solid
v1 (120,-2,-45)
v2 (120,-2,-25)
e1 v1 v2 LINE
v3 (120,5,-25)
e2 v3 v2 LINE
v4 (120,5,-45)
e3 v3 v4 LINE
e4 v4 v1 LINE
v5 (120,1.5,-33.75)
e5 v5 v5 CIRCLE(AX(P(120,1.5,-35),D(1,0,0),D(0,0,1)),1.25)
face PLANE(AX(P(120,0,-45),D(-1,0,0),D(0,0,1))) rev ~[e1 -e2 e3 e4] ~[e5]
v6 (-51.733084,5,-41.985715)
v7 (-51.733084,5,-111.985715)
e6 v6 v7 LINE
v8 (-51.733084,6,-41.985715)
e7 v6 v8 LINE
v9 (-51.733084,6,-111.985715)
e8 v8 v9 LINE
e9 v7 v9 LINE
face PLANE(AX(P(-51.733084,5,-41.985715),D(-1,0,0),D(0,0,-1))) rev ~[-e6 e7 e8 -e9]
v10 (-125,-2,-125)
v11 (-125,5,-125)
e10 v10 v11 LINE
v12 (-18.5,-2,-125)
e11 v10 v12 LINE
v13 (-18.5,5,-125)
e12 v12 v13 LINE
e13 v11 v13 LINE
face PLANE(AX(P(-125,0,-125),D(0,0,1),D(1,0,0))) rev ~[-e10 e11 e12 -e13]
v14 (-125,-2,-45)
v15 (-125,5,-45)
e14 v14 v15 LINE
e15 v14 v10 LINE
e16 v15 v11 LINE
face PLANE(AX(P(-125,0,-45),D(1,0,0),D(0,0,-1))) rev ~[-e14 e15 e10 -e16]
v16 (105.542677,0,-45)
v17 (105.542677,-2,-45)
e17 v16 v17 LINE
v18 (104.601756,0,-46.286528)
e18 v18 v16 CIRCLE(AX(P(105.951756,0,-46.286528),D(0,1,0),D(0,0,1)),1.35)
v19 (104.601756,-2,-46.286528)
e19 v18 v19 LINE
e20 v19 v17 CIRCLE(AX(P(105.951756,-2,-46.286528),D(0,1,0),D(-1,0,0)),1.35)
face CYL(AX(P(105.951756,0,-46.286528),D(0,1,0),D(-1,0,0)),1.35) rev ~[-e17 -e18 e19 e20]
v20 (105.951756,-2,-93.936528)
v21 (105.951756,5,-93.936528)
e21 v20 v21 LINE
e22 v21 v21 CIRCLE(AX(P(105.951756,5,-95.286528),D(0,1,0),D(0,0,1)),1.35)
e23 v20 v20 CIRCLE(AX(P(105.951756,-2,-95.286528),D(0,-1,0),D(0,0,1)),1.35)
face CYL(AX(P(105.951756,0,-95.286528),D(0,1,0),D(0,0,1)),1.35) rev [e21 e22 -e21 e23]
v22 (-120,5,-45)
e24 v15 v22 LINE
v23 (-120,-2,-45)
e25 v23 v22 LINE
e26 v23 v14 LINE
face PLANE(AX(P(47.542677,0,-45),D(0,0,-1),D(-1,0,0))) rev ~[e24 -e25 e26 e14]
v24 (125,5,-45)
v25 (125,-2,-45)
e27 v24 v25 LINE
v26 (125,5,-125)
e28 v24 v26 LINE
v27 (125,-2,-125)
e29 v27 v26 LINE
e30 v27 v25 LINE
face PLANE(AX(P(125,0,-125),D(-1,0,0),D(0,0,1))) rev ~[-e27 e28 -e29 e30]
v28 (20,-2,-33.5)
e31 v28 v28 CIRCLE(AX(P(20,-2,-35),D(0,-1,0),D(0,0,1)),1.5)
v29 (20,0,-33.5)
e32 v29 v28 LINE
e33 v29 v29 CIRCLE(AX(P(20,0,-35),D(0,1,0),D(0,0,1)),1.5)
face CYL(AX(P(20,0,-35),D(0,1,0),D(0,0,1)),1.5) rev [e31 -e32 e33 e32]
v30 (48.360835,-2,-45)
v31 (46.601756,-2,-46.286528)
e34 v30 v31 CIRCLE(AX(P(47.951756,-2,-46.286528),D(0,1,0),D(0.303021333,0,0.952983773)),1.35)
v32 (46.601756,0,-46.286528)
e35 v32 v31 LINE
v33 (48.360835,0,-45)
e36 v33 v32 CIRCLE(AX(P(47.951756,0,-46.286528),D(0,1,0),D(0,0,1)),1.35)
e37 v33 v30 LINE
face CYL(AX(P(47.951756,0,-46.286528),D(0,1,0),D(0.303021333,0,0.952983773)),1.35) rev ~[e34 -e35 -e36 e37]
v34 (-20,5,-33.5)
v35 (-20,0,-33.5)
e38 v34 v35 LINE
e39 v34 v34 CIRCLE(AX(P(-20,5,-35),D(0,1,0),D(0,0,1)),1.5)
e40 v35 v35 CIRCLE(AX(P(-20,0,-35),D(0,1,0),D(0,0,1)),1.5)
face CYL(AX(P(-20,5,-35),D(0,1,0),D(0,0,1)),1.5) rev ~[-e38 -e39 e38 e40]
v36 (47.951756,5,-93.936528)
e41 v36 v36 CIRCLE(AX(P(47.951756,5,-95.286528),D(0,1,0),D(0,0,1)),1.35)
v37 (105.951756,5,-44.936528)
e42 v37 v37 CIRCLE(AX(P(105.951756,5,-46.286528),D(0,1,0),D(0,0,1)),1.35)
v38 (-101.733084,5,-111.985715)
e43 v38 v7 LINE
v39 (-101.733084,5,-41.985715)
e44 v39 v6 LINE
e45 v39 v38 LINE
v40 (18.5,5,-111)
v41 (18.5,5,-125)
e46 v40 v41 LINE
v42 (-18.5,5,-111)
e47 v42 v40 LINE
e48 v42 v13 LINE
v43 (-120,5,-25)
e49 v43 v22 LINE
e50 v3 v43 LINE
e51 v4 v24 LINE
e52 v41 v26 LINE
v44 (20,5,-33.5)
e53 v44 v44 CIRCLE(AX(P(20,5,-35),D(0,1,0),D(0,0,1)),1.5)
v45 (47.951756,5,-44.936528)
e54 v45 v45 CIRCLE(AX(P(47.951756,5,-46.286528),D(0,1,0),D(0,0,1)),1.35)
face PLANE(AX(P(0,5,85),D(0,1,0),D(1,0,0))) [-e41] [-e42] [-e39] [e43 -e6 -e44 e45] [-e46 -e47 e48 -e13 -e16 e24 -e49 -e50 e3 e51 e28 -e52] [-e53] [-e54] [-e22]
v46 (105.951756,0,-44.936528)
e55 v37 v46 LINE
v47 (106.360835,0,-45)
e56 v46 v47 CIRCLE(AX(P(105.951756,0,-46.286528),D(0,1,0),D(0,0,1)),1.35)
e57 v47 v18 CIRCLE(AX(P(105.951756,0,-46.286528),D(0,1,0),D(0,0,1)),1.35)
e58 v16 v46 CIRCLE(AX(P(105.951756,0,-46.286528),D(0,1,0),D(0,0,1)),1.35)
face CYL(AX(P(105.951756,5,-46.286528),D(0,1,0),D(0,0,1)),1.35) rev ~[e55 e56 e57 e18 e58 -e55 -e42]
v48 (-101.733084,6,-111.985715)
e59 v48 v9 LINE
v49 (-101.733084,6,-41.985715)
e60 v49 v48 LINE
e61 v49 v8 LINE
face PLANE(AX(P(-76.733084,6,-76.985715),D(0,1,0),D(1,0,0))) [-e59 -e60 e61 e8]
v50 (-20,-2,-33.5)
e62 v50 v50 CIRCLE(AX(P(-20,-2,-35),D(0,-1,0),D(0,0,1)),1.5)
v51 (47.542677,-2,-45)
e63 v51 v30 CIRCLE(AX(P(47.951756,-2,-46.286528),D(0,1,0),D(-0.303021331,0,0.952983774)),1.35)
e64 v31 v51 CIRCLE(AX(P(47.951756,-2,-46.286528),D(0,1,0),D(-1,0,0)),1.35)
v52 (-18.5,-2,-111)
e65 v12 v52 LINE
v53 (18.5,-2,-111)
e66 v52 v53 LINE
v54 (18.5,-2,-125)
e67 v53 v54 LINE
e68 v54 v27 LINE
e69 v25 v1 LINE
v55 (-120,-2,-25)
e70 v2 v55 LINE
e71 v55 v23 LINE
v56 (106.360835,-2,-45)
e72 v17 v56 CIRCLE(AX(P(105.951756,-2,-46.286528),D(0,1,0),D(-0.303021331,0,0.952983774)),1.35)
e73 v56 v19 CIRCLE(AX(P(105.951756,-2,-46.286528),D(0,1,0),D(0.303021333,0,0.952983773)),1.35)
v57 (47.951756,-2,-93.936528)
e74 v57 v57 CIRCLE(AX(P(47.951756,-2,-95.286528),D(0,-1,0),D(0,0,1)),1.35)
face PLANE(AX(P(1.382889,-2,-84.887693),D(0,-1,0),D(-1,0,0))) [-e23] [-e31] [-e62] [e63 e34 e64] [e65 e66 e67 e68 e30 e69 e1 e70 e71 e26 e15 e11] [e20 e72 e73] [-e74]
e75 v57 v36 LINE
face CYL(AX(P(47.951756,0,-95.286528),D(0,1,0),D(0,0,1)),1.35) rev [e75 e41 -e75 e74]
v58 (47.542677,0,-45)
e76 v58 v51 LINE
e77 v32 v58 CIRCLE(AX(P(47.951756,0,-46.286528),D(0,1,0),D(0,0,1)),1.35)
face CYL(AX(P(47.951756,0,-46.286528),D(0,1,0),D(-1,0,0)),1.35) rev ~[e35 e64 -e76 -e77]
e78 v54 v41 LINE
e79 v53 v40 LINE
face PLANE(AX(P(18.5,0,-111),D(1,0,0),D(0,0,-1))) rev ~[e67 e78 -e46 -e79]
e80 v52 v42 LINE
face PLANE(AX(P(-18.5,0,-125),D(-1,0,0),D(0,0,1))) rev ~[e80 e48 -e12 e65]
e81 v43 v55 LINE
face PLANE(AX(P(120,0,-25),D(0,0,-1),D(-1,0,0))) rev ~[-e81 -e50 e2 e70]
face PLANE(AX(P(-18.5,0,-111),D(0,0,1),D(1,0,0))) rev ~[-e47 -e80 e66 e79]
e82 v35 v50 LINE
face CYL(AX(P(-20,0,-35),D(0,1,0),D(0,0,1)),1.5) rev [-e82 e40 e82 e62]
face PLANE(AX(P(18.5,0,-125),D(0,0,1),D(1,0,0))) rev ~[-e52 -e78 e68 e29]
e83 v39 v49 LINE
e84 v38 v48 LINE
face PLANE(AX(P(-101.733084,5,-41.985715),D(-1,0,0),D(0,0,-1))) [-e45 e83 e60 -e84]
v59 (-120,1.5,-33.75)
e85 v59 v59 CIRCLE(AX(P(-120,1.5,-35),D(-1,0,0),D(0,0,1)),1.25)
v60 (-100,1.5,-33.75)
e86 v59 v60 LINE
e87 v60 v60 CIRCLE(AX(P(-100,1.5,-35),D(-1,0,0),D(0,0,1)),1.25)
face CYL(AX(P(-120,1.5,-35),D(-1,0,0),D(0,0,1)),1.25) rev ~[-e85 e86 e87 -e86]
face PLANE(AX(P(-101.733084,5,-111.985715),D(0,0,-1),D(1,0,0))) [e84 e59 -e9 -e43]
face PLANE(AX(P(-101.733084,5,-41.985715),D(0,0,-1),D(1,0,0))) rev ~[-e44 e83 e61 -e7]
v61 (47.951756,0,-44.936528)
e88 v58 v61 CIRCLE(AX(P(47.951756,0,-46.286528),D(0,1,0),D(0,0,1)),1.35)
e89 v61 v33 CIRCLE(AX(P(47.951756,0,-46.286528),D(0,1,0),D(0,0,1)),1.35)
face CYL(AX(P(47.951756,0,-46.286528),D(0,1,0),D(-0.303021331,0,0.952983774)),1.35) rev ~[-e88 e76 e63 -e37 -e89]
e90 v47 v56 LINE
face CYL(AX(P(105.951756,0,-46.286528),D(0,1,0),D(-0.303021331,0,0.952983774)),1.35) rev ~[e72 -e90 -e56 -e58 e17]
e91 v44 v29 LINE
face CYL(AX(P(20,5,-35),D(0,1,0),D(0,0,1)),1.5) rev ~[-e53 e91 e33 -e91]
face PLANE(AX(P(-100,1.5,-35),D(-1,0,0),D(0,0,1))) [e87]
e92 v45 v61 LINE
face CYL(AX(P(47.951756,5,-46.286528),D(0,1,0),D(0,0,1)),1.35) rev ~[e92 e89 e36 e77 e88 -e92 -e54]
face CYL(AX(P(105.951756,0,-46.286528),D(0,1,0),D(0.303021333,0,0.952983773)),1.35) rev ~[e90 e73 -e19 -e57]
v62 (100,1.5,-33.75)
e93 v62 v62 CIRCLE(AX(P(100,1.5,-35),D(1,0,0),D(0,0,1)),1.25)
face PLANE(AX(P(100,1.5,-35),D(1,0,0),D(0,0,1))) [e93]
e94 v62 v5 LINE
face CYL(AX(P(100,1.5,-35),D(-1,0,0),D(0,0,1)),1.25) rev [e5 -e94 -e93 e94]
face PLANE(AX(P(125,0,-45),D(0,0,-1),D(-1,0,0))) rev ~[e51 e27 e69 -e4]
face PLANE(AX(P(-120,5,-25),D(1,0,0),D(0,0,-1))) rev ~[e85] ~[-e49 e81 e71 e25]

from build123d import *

# Parameters (mm, degrees)
SKIZZE1_W                             = 250
SKIZZE1_H                             = 250
AUFSATZ_LINEAR_AUSTRAGEN1_DEPTH       = 5
SKIZZE2_W                             = 40
SKIZZE2_H                             = 40
AUFSATZ_LINEAR_AUSTRAGEN2_DEPTH       = 15
SKIZZE3_R                             = 1.65
SKIZZE3_W                             = 30
SKIZZE3_H                             = 30
SCHNITT_LINEAR_AUSTRAGEN1_DEPTH       = 15
SKIZZE4_R                             = 1.65
SKIZZE4_W                             = 30
SKIZZE4_H                             = 30
SCHNITT_LINEAR_AUSTRAGEN2_DEPTH       = 15
SKIZZE6_W                             = 40
SKIZZE6_H                             = 40
AUFSATZ_LINEAR_AUSTRAGEN3_DEPTH       = 5
SKIZZE7_W                             = 40
SKIZZE7_H                             = 40
SCHNITT_LINEAR_AUSTRAGEN3_DEPTH       = 43
SKIZZE8_W                             = 30
SKIZZE8_H                             = 30
AUFSATZ_LINEAR_AUSTRAGEN4_DEPTH       = 5
SKIZZE9_W                             = 45
SKIZZE9_H                             = 45
AUFSATZ_LINEAR_AUSTRAGEN5_DEPTH       = 15
SKIZZE10_W                            = 8
SKIZZE10_H                            = 8
AUFSATZ_LINEAR_AUSTRAGEN6_DEPTH       = 34
SKIZZE11_R                            = 2.15
SCHNITT_LINEAR_AUSTRAGEN4_DEPTH       = 34
SKIZZE12_W                            = 143.062860871
SKIZZE12_H                            = 184.486429343
SCHNITT_LINEAR_AUSTRAGEN5_DEPTH       = 60
SKIZZE13_W                            = 45
SKIZZE13_H                            = 45
AUFSATZ_LINEAR_AUSTRAGEN7_DEPTH       = 15
SKIZZE14_W                            = 8
SKIZZE14_H                            = 8
AUFSATZ_LINEAR_AUSTRAGEN8_DEPTH       = 34
SKIZZE15_W                            = 37
SKIZZE15_H                            = 14
SCHNITT_LINEAR_AUSTRAGEN6_DEPTH       = 10
SKIZZE16_W                            = 50
SKIZZE16_H                            = 70
AUFSATZ_LINEAR_AUSTRAGEN9_DEPTH       = 1
SKIZZE17_R                            = 1.35
SCHNITT_LINEAR_AUSTRAGEN7_DEPTH       = 21
SKIZZE18_R                            = 2.15
SCHNITT_LINEAR_AUSTRAGEN8_DEPTH       = 21
SKIZZE19_R                            = 2.15
SCHNITT_LINEAR_AUSTRAGEN9_DEPTH       = 21
SCHNITT_LINEAR_AUSTRAGEN10_DEPTH      = 35
SCHNITT_LINEAR_AUSTRAGEN10_DEPTH_BACK = 36
SKIZZE20_W                            = 250
SKIZZE20_H                            = 150
SKIZZE21_W                            = 5
SKIZZE21_H                            = 20
SCHNITT_LINEAR_AUSTRAGEN11_DEPTH      = 10
SKIZZE22_R                            = 1.25
SCHNITT_LINEAR_AUSTRAGEN13_DEPTH      = 20
SCHNITT_LINEAR_START                  = -20
SKIZZE25_R                            = 1.25
SCHNITT_LINEAR_AUSTRAGEN14_DEPTH      = 20
SKIZZE26_R                            = 1.5
SCHNITT_LINEAR_AUSTRAGEN15_DEPTH      = 10
SKIZZE28_R                            = 1.35
SKIZZE28_R_2                          = 1.5
AUFSATZ_LINEAR_AUSTRAGEN10_DEPTH      = 2


with BuildPart() as part:
    # Skizze1 → Aufsatz-Linear austragen1 (new body)
    with BuildSketch(Plane(origin=(0, 0, 0), x_dir=(1, 0, 0), z_dir=(0, 1, 0))):
        Rectangle(SKIZZE1_W, SKIZZE1_H)
    extrude(amount=AUFSATZ_LINEAR_AUSTRAGEN1_DEPTH)

    # Skizze2 → Aufsatz-Linear austragen2 (add)
    with BuildSketch(Plane(origin=(0, 5, 0), x_dir=(1, 0, 0), z_dir=(0, 1, 0))):
        Polygon((-100.127507589, -114.480956566), (-112.127507589, -114.480956566), (-112.127507589, -92.480956566), (-120.127507589, -92.480956566), (-120.127507589, -122.480956566), (-100.127507589, -122.480956566), align=None)
        Polygon((-66.127507589, -114.480956566), (-78.127507589, -114.480956566), (-78.127507589, -122.480956566), (-58.127507589, -122.480956566), (-58.127507589, -92.480956566), (-66.127507589, -92.480956566), align=None)
        Polygon((-66.127507589, -3.480956566), (-66.127507589, -25.480956566), (-58.127507589, -25.480956566), (-58.127507589, 4.519043434), (-78.127507589, 4.519043434), (-78.127507589, -3.480956566), align=None)
        Polygon((-120.127507589, -25.480956566), (-112.127507589, -25.480956566), (-112.127507589, -3.480956566), (-100.127507589, -3.480956566), (-100.127507589, 4.519043434), (-120.127507589, 4.519043434), align=None)
        with Locations((0, -85)):
            Rectangle(SKIZZE2_W, SKIZZE2_H)
        with Locations((85, 0)):
            Rectangle(SKIZZE2_W, SKIZZE2_H)
    extrude(amount=AUFSATZ_LINEAR_AUSTRAGEN2_DEPTH)

    # Skizze3 → Schnitt-Linear austragen1 (cut)
    with BuildSketch(Plane(origin=(0, 20, 0), x_dir=(1, 0, 0), z_dir=(0, 1, 0))):
        Circle(SKIZZE3_R)
        with Locations((85, 0)):
            Rectangle(SKIZZE3_W, SKIZZE3_H)
        with Locations((0, -85)):
            Rectangle(SKIZZE3_W, SKIZZE3_H)
    extrude(amount=-SCHNITT_LINEAR_AUSTRAGEN1_DEPTH, mode=Mode.SUBTRACT)

    # Skizze4 → Schnitt-Linear austragen2 (cut)
    with BuildSketch(Plane(origin=(0, 5, 0), x_dir=(1, 0, 0), z_dir=(0, 1, 0))):
        with Locations(Location((0, 0, 0), (0, 0, 270))):
            Circle(SKIZZE4_R)
        with Locations((0, -85)):
            Rectangle(SKIZZE4_W, SKIZZE4_H)
        with Locations((85, 0)):
            Rectangle(SKIZZE4_W, SKIZZE4_H)
    extrude(amount=-SCHNITT_LINEAR_AUSTRAGEN2_DEPTH, mode=Mode.SUBTRACT)

    # Skizze6 → Aufsatz-Linear austragen3 (add)
    with BuildSketch(Plane(origin=(0, 20, 0), x_dir=(1, 0, 0), z_dir=(0, 1, 0))):
        with Locations((0, -85)):
            Rectangle(SKIZZE6_W, SKIZZE6_H)
        with Locations((85, 0)):
            Rectangle(SKIZZE6_W, SKIZZE6_H)
    extrude(amount=-AUFSATZ_LINEAR_AUSTRAGEN3_DEPTH)

    # Skizze7 → Schnitt-Linear austragen3 (cut)
    with BuildSketch(Plane(origin=(0, 5, 0), x_dir=(1, 0, 0), z_dir=(0, 1, 0))):
        with Locations((0, -85)):
            Rectangle(SKIZZE7_W, SKIZZE7_H)
        with Locations((85, 0)):
            Rectangle(SKIZZE7_W, SKIZZE7_H)
    extrude(amount=SCHNITT_LINEAR_AUSTRAGEN3_DEPTH, mode=Mode.SUBTRACT)

    # Skizze8 → Aufsatz-Linear austragen4 (add)
    with BuildSketch(Plane(origin=(0, 5, 0), x_dir=(1, 0, 0), z_dir=(0, 1, 0))):
        with Locations((0, -85)):
            Rectangle(SKIZZE8_W, SKIZZE8_H)
        with Locations((85, 0)):
            Rectangle(SKIZZE8_W, SKIZZE8_H)
    extrude(amount=-AUFSATZ_LINEAR_AUSTRAGEN4_DEPTH)

    # Skizze9 → Aufsatz-Linear austragen5 (add)
    with BuildSketch(Plane(origin=(0, 5, 0), x_dir=(1, 0, 0), z_dir=(0, 1, 0))):
        with Locations((16.5, -93.5)):
            Rectangle(SKIZZE9_W, SKIZZE9_H)
        with Locations((93.5, -16.5)):
            Rectangle(SKIZZE9_W, SKIZZE9_H)
    extrude(amount=AUFSATZ_LINEAR_AUSTRAGEN5_DEPTH)

    # Skizze10 → Aufsatz-Linear austragen6 (add)
    with BuildSketch(Plane(origin=(0, 5, 0), x_dir=(1, 0, 0), z_dir=(0, 1, 0))):
        with Locations((-10, -89)):
            Rectangle(SKIZZE10_W, SKIZZE10_H)
        with Locations((43, -89)):
            Rectangle(SKIZZE10_W, SKIZZE10_H)
        with Locations((89, 10)):
            Rectangle(SKIZZE10_W, SKIZZE10_H)
        with Locations((89, -43)):
            Rectangle(SKIZZE10_W, SKIZZE10_H)
    extrude(amount=AUFSATZ_LINEAR_AUSTRAGEN6_DEPTH)

    # Skizze11 → Schnitt-Linear austragen4 (cut)
    with BuildSketch(Plane(origin=(0, 0, 85), x_dir=(-1, 0, 0), z_dir=(0, 0, -1))):
        with Locations((10.85, 34.05)):
            Circle(SKIZZE11_R)
        with Locations((10.85, 24.35)):
            Circle(SKIZZE11_R)
        with Locations((-43.85, 34.05)):
            Circle(SKIZZE11_R)
        with Locations((-43.85, 24.35)):
            Circle(SKIZZE11_R)
    extrude(amount=-SCHNITT_LINEAR_AUSTRAGEN4_DEPTH, mode=Mode.SUBTRACT)

    # Skizze12 → Schnitt-Linear austragen5 (cut)
    with BuildSketch(Plane(origin=(0, 5, 0), x_dir=(1, 0, 0), z_dir=(0, 1, 0))):
        with Locations((48.924998025, -26.491593456)):
            Rectangle(SKIZZE12_W, SKIZZE12_H)
    extrude(amount=SCHNITT_LINEAR_AUSTRAGEN5_DEPTH, mode=Mode.SUBTRACT)

    # Skizze13 → Aufsatz-Linear austragen7 (add)
    with BuildSketch(Plane(origin=(0, 5, 0), x_dir=(1, 0, 0), z_dir=(0, 1, 0))):
        with Locations((16.5, -96.5)):
            Rectangle(SKIZZE13_W, SKIZZE13_H)
        with Locations((96.5, -16.5)):
            Rectangle(SKIZZE13_W, SKIZZE13_H)
    extrude(amount=AUFSATZ_LINEAR_AUSTRAGEN7_DEPTH)

    # Skizze14 → Aufsatz-Linear austragen8 (add)
    with BuildSketch(Plane(origin=(0, 5, 0), x_dir=(1, 0, 0), z_dir=(0, 1, 0))):
        with Locations((-10, -91)):
            Rectangle(SKIZZE14_W, SKIZZE14_H)
        with Locations((43, -91)):
            Rectangle(SKIZZE14_W, SKIZZE14_H)
        with Locations((91, -43)):
            Rectangle(SKIZZE14_W, SKIZZE14_H)
        with Locations((91, 10)):
            Rectangle(SKIZZE14_W, SKIZZE14_H)
    extrude(amount=AUFSATZ_LINEAR_AUSTRAGEN8_DEPTH)

    # Skizze15 → Schnitt-Linear austragen6 (cut)
    with BuildSketch(Plane(origin=(0, 5, 0), x_dir=(1, 0, 0), z_dir=(0, 1, 0))):
        with Locations((0, 118)):
            Rectangle(SKIZZE15_W, SKIZZE15_H)
    extrude(amount=-SCHNITT_LINEAR_AUSTRAGEN6_DEPTH, mode=Mode.SUBTRACT)

    # Skizze16 → Aufsatz-Linear austragen9 (add)
    with BuildSketch(Plane(origin=(0, 5, 0), x_dir=(1, 0, 0), z_dir=(0, 1, 0))):
        with Locations((-76.733084372, 76.985715353)):
            Rectangle(SKIZZE16_W, SKIZZE16_H)
    extrude(amount=AUFSATZ_LINEAR_AUSTRAGEN9_DEPTH)

    # Skizze17 → Schnitt-Linear austragen7 (cut)
    with BuildSketch(Plane(origin=(0, 5, 0), x_dir=(1, 0, 0), z_dir=(0, 1, 0))):
        with Locations(Location((105.951755746, 46.286528094, 0), (0, 0, 270))):
            Circle(SKIZZE17_R)
        with Locations(Location((105.951755746, 95.286528094, 0), (0, 0, 270))):
            Circle(SKIZZE17_R)
        with Locations(Location((47.951755746, 46.286528094, 0), (0, 0, 270))):
            Circle(SKIZZE17_R)
        with Locations(Location((47.951755746, 95.286528094, 0), (0, 0, 270))):
            Circle(SKIZZE17_R)
    extrude(amount=-SCHNITT_LINEAR_AUSTRAGEN7_DEPTH, mode=Mode.SUBTRACT)

    # Skizze18 → Schnitt-Linear austragen8 (cut)
    with BuildSketch(Plane(origin=(0, 0, 87), x_dir=(-1, 0, 0), z_dir=(0, 0, -1))):
        with Locations((10.85, 34.05)):
            Circle(SKIZZE18_R)
        with Locations((10.85, 24.35)):
            Circle(SKIZZE18_R)
        with Locations((-43.85, 34.05)):
            Circle(SKIZZE18_R)
        with Locations((-43.85, 24.35)):
            Circle(SKIZZE18_R)
    extrude(amount=-SCHNITT_LINEAR_AUSTRAGEN8_DEPTH, mode=Mode.SUBTRACT)

    # Skizze19 → Schnitt-Linear austragen9 (cut)
    with BuildSketch(Plane.ZY.offset(-87)):
        with Locations((43.85, 34.05)):
            Circle(SKIZZE19_R)
        with Locations((43.85, 24.35)):
            Circle(SKIZZE19_R)
        with Locations((-10.85, 34.05)):
            Circle(SKIZZE19_R)
        with Locations((-10.85, 24.35)):
            Circle(SKIZZE19_R)
    extrude(amount=-SCHNITT_LINEAR_AUSTRAGEN9_DEPTH, mode=Mode.SUBTRACT)

    # Skizze20 → Schnitt-Linear austragen10 (cut, two sides: drawn at the far end of the back side and taken through both)
    with BuildSketch(Plane(origin=(0, 5, 0), x_dir=(1, 0, 0), z_dir=(0, 1, 0)).offset(-SCHNITT_LINEAR_AUSTRAGEN10_DEPTH_BACK)):
        with Locations((0, -50)):
            Rectangle(SKIZZE20_W, SKIZZE20_H)
    extrude(amount=SCHNITT_LINEAR_AUSTRAGEN10_DEPTH + SCHNITT_LINEAR_AUSTRAGEN10_DEPTH_BACK, mode=Mode.SUBTRACT)

    # Skizze21 → Schnitt-Linear austragen11 (cut)
    with BuildSketch(Plane(origin=(0, 5, 0), x_dir=(1, 0, 0), z_dir=(0, 1, 0))):
        with Locations((122.5, 35)):
            Rectangle(SKIZZE21_W, SKIZZE21_H)
        with Locations((-122.5, 35)):
            Rectangle(SKIZZE21_W, SKIZZE21_H)
    extrude(amount=-SCHNITT_LINEAR_AUSTRAGEN11_DEPTH, mode=Mode.SUBTRACT)

    # Skizze22 → Schnitt-Linear austragen13 (cut)
    with BuildSketch(Plane.ZY.offset(120)):
        with Locations((-35, 1.5)):
            Circle(SKIZZE22_R)
    extrude(amount=-SCHNITT_LINEAR_AUSTRAGEN13_DEPTH, mode=Mode.SUBTRACT)

    # Skizze25 → Schnitt-Linear austragen14 (cut)
    with BuildSketch(Plane(origin=(120, 0, 0), x_dir=(0, 0, -1), z_dir=(1, 0, 0)).offset(SCHNITT_LINEAR_START)):
        with Locations(Location((35, 1.5, 0), (0, 0, 180))):
            Circle(SKIZZE25_R)
    extrude(amount=SCHNITT_LINEAR_AUSTRAGEN14_DEPTH, mode=Mode.SUBTRACT)

    # Skizze26 → Schnitt-Linear austragen15 (cut)
    with BuildSketch(Plane(origin=(0, 5, 0), x_dir=(1, 0, 0), z_dir=(0, 1, 0))):
        with Locations(Location((-20, 35, 0), (0, 0, 270))):
            Circle(SKIZZE26_R)
        with Locations(Location((20, 35, 0), (0, 0, 270))):
            Circle(SKIZZE26_R)
    extrude(amount=-SCHNITT_LINEAR_AUSTRAGEN15_DEPTH, mode=Mode.SUBTRACT)

    # Skizze28 → Aufsatz-Linear austragen10 (add)
    # profile 1 of 2: a face of its own
    with BuildSketch(Plane(origin=(0, 0, 0), x_dir=(-1, 0, 0), z_dir=(0, -1, 0))):
        with BuildLine():
            Line((-125, 125), (-125, 45))
            Line((-125, 45), (-120, 45))
            Line((-120, 45), (-106.360834546, 45))
            ThreePointArc((-106.360834546, 45), (-106.748701045, 47.376196938), (-104.601755746, 46.286528094))
            ThreePointArc((-104.601755746, 46.286528094), (-104.862086902, 45.489582794), (-105.542676946, 45))
            Line((-105.542676946, 45), (-48.360834546, 45))
            ThreePointArc((-48.360834546, 45), (-48.748701045, 47.376196938), (-46.601755746, 46.286528094))
            ThreePointArc((-46.601755746, 46.286528094), (-46.862086902, 45.489582794), (-47.542676946, 45))
            Line((-47.542676946, 45), (120, 45))
            Line((120, 45), (125, 45))
            Line((125, 45), (125, 125))
            Line((125, 125), (18.5, 125))
            Line((18.5, 125), (18.5, 111))
            Line((18.5, 111), (-18.5, 111))
            Line((-18.5, 111), (-18.5, 125))
            Line((-18.5, 125), (-125, 125))
        make_face()
        with Locations(Location((-105.951755746, 95.286528094, 0), (0, 0, 270))):
            Circle(SKIZZE28_R, mode=Mode.SUBTRACT)
        with Locations(Location((-47.951755746, 95.286528094, 0), (0, 0, 270))):
            Circle(SKIZZE28_R, mode=Mode.SUBTRACT)
    # profile 2 of 2: a face of its own
    with BuildSketch(Plane(origin=(0, 0, 0), x_dir=(-1, 0, 0), z_dir=(0, -1, 0))):
        with BuildLine():
            Line((-106.360834546, 45), (-120, 45))
            Line((-120, 45), (-120, 25))
            Line((-120, 25), (120, 25))
            Line((120, 25), (120, 45))
            Line((120, 45), (-47.542676946, 45))
            ThreePointArc((-47.542676946, 45), (-47.951755746, 44.936528094), (-48.360834546, 45))
            Line((-48.360834546, 45), (-105.542676946, 45))
            ThreePointArc((-105.542676946, 45), (-105.951755746, 44.936528094), (-106.360834546, 45))
        make_face()
        with Locations(Location((-20, 35, 0), (0, 0, 270))):
            Circle(SKIZZE28_R_2, mode=Mode.SUBTRACT)
        with Locations(Location((20, 35, 0), (0, 0, 270))):
            Circle(SKIZZE28_R_2, mode=Mode.SUBTRACT)
    extrude(amount=AUFSATZ_LINEAR_AUSTRAGEN10_DEPTH)


solid = part.part
